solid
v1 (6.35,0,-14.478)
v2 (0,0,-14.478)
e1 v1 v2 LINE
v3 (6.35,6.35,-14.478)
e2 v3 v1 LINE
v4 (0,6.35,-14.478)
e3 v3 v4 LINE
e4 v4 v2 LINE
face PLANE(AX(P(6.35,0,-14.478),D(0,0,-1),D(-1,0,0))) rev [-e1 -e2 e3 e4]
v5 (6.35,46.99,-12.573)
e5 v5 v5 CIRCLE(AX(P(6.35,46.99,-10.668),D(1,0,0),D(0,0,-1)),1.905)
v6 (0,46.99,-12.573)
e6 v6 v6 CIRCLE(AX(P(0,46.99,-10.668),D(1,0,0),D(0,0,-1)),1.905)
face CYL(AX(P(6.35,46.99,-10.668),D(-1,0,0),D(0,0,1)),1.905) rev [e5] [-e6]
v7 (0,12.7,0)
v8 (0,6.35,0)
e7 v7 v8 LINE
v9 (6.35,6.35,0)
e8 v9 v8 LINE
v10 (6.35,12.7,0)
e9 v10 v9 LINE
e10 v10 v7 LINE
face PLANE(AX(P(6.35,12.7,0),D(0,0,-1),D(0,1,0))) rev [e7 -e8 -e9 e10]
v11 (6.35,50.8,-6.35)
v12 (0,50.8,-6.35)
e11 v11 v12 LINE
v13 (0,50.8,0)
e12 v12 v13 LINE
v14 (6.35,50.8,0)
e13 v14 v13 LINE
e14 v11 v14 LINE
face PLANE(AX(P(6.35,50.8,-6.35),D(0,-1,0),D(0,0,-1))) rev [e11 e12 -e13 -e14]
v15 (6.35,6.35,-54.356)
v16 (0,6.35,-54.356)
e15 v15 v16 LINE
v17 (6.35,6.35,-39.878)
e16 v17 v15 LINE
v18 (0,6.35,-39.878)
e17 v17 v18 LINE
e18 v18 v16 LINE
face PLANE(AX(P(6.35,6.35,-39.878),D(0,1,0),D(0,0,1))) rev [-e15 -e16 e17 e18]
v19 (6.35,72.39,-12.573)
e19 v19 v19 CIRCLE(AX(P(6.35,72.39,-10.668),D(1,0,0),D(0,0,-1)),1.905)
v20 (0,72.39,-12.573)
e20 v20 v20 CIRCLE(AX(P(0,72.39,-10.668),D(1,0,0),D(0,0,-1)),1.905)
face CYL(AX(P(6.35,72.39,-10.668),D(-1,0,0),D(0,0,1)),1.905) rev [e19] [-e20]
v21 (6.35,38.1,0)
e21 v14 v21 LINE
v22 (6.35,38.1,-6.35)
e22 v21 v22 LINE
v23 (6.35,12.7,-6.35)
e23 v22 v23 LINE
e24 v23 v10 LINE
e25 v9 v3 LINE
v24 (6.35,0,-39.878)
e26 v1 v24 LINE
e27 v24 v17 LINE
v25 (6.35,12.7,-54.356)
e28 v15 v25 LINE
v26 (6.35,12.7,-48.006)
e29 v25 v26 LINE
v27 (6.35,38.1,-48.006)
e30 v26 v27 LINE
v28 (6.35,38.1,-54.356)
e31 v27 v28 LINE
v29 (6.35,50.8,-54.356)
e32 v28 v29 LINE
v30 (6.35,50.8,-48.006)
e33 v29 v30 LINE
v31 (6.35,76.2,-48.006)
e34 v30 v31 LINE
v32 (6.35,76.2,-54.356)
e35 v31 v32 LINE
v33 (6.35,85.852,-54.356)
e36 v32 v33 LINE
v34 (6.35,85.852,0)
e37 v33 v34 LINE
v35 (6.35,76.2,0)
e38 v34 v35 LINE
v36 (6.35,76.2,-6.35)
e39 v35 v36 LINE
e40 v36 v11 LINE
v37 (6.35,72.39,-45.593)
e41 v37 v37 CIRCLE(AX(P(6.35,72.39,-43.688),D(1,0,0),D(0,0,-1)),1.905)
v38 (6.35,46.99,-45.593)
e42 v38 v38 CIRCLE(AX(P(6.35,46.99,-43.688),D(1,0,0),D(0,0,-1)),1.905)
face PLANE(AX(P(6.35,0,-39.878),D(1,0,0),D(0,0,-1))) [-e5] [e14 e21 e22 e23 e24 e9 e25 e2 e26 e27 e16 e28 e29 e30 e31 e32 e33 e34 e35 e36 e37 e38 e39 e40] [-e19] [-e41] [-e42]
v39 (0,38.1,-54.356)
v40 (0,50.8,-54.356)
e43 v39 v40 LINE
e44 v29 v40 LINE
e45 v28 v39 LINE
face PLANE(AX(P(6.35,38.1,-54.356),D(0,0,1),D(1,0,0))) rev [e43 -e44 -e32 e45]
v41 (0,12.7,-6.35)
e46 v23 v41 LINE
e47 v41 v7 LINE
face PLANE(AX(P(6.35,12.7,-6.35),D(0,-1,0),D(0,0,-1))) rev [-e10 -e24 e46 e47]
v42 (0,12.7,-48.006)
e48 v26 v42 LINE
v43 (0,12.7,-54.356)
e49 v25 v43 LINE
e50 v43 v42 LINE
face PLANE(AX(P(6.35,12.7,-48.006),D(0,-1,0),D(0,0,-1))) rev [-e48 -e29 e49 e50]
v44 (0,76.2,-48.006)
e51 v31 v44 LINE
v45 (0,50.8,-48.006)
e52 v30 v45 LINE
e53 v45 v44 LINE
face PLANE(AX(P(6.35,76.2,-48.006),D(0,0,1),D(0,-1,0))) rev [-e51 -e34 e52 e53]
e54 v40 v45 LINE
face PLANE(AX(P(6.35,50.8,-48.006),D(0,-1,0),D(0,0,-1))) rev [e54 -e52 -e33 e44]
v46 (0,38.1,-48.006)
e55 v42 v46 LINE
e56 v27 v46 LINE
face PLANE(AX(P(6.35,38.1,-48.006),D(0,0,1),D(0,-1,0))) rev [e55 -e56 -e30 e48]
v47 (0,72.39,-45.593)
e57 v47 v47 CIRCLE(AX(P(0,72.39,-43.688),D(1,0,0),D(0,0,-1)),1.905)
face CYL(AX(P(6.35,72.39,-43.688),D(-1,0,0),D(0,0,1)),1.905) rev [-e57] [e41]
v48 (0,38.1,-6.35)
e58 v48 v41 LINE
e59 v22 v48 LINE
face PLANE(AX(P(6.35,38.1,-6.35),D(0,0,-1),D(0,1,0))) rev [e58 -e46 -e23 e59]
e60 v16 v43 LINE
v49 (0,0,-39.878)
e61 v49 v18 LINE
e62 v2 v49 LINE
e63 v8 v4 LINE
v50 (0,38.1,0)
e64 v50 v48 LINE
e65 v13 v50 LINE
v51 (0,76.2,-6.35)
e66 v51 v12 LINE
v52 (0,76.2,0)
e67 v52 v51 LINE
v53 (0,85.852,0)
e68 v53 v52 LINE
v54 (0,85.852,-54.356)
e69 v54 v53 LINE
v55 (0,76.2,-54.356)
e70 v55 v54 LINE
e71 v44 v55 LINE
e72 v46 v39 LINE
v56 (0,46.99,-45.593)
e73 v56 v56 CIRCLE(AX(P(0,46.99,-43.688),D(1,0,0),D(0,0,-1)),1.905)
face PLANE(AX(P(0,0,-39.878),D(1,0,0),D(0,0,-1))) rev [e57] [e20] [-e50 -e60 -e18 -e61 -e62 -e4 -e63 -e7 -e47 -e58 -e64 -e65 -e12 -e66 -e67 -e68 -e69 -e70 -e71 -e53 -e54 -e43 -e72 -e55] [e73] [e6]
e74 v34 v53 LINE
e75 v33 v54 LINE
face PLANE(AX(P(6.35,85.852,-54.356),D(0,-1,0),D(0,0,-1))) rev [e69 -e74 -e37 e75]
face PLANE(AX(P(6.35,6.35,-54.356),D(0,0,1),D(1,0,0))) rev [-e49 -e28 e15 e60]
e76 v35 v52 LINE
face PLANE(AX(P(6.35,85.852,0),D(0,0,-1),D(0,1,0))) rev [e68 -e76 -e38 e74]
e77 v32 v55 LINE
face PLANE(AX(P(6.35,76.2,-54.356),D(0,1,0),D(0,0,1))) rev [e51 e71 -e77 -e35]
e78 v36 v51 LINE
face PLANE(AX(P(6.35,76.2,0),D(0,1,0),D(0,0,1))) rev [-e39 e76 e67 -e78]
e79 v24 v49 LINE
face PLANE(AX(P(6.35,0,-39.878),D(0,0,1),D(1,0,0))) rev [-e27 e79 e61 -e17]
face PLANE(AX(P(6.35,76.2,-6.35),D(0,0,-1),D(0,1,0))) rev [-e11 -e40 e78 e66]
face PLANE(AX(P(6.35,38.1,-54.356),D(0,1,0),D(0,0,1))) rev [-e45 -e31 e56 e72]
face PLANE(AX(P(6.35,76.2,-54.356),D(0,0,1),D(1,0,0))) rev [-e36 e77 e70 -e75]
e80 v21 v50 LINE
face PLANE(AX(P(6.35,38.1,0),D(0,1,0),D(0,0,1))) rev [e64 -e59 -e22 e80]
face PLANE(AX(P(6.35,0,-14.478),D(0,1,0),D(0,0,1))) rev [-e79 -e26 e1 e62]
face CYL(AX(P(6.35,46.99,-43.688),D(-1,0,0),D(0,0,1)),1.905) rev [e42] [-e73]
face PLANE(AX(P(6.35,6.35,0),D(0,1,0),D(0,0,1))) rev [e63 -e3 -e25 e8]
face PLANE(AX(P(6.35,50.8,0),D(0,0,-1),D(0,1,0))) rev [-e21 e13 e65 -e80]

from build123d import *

# Parameters (mm, degrees)
SKETCH1_R      = 1.905
EXTRUDE1_DEPTH = 6.35


with BuildPart() as part:
    # Sketch1 → Extrude1 (new body)
    with BuildSketch(Plane(origin=(0, 0, 0), x_dir=(0, 0, -1), z_dir=(1, 0, 0))):
        Polygon((14.478, 0), (14.478, 6.35), (0, 6.35), (0, 12.7), (6.35, 12.7), (6.35, 38.1), (0, 38.1), (0, 50.8), (6.35, 50.8), (6.35, 76.2), (0, 76.2), (0, 85.852), (54.356, 85.852), (54.356, 76.2), (48.006, 76.2), (48.006, 50.8), (54.356, 50.8), (54.356, 38.1), (48.006, 38.1), (48.006, 12.7), (54.356, 12.7), (54.356, 6.35), (39.878, 6.35), (39.878, 0), align=None)
        with Locations((10.668, 72.39)):
            Circle(SKETCH1_R, mode=Mode.SUBTRACT)
        with Locations((43.688, 72.39)):
            Circle(SKETCH1_R, mode=Mode.SUBTRACT)
        with Locations((43.688, 46.99)):
            Circle(SKETCH1_R, mode=Mode.SUBTRACT)
        with Locations((10.668, 46.99)):
            Circle(SKETCH1_R, mode=Mode.SUBTRACT)
    extrude(amount=EXTRUDE1_DEPTH)


solid = part.part
